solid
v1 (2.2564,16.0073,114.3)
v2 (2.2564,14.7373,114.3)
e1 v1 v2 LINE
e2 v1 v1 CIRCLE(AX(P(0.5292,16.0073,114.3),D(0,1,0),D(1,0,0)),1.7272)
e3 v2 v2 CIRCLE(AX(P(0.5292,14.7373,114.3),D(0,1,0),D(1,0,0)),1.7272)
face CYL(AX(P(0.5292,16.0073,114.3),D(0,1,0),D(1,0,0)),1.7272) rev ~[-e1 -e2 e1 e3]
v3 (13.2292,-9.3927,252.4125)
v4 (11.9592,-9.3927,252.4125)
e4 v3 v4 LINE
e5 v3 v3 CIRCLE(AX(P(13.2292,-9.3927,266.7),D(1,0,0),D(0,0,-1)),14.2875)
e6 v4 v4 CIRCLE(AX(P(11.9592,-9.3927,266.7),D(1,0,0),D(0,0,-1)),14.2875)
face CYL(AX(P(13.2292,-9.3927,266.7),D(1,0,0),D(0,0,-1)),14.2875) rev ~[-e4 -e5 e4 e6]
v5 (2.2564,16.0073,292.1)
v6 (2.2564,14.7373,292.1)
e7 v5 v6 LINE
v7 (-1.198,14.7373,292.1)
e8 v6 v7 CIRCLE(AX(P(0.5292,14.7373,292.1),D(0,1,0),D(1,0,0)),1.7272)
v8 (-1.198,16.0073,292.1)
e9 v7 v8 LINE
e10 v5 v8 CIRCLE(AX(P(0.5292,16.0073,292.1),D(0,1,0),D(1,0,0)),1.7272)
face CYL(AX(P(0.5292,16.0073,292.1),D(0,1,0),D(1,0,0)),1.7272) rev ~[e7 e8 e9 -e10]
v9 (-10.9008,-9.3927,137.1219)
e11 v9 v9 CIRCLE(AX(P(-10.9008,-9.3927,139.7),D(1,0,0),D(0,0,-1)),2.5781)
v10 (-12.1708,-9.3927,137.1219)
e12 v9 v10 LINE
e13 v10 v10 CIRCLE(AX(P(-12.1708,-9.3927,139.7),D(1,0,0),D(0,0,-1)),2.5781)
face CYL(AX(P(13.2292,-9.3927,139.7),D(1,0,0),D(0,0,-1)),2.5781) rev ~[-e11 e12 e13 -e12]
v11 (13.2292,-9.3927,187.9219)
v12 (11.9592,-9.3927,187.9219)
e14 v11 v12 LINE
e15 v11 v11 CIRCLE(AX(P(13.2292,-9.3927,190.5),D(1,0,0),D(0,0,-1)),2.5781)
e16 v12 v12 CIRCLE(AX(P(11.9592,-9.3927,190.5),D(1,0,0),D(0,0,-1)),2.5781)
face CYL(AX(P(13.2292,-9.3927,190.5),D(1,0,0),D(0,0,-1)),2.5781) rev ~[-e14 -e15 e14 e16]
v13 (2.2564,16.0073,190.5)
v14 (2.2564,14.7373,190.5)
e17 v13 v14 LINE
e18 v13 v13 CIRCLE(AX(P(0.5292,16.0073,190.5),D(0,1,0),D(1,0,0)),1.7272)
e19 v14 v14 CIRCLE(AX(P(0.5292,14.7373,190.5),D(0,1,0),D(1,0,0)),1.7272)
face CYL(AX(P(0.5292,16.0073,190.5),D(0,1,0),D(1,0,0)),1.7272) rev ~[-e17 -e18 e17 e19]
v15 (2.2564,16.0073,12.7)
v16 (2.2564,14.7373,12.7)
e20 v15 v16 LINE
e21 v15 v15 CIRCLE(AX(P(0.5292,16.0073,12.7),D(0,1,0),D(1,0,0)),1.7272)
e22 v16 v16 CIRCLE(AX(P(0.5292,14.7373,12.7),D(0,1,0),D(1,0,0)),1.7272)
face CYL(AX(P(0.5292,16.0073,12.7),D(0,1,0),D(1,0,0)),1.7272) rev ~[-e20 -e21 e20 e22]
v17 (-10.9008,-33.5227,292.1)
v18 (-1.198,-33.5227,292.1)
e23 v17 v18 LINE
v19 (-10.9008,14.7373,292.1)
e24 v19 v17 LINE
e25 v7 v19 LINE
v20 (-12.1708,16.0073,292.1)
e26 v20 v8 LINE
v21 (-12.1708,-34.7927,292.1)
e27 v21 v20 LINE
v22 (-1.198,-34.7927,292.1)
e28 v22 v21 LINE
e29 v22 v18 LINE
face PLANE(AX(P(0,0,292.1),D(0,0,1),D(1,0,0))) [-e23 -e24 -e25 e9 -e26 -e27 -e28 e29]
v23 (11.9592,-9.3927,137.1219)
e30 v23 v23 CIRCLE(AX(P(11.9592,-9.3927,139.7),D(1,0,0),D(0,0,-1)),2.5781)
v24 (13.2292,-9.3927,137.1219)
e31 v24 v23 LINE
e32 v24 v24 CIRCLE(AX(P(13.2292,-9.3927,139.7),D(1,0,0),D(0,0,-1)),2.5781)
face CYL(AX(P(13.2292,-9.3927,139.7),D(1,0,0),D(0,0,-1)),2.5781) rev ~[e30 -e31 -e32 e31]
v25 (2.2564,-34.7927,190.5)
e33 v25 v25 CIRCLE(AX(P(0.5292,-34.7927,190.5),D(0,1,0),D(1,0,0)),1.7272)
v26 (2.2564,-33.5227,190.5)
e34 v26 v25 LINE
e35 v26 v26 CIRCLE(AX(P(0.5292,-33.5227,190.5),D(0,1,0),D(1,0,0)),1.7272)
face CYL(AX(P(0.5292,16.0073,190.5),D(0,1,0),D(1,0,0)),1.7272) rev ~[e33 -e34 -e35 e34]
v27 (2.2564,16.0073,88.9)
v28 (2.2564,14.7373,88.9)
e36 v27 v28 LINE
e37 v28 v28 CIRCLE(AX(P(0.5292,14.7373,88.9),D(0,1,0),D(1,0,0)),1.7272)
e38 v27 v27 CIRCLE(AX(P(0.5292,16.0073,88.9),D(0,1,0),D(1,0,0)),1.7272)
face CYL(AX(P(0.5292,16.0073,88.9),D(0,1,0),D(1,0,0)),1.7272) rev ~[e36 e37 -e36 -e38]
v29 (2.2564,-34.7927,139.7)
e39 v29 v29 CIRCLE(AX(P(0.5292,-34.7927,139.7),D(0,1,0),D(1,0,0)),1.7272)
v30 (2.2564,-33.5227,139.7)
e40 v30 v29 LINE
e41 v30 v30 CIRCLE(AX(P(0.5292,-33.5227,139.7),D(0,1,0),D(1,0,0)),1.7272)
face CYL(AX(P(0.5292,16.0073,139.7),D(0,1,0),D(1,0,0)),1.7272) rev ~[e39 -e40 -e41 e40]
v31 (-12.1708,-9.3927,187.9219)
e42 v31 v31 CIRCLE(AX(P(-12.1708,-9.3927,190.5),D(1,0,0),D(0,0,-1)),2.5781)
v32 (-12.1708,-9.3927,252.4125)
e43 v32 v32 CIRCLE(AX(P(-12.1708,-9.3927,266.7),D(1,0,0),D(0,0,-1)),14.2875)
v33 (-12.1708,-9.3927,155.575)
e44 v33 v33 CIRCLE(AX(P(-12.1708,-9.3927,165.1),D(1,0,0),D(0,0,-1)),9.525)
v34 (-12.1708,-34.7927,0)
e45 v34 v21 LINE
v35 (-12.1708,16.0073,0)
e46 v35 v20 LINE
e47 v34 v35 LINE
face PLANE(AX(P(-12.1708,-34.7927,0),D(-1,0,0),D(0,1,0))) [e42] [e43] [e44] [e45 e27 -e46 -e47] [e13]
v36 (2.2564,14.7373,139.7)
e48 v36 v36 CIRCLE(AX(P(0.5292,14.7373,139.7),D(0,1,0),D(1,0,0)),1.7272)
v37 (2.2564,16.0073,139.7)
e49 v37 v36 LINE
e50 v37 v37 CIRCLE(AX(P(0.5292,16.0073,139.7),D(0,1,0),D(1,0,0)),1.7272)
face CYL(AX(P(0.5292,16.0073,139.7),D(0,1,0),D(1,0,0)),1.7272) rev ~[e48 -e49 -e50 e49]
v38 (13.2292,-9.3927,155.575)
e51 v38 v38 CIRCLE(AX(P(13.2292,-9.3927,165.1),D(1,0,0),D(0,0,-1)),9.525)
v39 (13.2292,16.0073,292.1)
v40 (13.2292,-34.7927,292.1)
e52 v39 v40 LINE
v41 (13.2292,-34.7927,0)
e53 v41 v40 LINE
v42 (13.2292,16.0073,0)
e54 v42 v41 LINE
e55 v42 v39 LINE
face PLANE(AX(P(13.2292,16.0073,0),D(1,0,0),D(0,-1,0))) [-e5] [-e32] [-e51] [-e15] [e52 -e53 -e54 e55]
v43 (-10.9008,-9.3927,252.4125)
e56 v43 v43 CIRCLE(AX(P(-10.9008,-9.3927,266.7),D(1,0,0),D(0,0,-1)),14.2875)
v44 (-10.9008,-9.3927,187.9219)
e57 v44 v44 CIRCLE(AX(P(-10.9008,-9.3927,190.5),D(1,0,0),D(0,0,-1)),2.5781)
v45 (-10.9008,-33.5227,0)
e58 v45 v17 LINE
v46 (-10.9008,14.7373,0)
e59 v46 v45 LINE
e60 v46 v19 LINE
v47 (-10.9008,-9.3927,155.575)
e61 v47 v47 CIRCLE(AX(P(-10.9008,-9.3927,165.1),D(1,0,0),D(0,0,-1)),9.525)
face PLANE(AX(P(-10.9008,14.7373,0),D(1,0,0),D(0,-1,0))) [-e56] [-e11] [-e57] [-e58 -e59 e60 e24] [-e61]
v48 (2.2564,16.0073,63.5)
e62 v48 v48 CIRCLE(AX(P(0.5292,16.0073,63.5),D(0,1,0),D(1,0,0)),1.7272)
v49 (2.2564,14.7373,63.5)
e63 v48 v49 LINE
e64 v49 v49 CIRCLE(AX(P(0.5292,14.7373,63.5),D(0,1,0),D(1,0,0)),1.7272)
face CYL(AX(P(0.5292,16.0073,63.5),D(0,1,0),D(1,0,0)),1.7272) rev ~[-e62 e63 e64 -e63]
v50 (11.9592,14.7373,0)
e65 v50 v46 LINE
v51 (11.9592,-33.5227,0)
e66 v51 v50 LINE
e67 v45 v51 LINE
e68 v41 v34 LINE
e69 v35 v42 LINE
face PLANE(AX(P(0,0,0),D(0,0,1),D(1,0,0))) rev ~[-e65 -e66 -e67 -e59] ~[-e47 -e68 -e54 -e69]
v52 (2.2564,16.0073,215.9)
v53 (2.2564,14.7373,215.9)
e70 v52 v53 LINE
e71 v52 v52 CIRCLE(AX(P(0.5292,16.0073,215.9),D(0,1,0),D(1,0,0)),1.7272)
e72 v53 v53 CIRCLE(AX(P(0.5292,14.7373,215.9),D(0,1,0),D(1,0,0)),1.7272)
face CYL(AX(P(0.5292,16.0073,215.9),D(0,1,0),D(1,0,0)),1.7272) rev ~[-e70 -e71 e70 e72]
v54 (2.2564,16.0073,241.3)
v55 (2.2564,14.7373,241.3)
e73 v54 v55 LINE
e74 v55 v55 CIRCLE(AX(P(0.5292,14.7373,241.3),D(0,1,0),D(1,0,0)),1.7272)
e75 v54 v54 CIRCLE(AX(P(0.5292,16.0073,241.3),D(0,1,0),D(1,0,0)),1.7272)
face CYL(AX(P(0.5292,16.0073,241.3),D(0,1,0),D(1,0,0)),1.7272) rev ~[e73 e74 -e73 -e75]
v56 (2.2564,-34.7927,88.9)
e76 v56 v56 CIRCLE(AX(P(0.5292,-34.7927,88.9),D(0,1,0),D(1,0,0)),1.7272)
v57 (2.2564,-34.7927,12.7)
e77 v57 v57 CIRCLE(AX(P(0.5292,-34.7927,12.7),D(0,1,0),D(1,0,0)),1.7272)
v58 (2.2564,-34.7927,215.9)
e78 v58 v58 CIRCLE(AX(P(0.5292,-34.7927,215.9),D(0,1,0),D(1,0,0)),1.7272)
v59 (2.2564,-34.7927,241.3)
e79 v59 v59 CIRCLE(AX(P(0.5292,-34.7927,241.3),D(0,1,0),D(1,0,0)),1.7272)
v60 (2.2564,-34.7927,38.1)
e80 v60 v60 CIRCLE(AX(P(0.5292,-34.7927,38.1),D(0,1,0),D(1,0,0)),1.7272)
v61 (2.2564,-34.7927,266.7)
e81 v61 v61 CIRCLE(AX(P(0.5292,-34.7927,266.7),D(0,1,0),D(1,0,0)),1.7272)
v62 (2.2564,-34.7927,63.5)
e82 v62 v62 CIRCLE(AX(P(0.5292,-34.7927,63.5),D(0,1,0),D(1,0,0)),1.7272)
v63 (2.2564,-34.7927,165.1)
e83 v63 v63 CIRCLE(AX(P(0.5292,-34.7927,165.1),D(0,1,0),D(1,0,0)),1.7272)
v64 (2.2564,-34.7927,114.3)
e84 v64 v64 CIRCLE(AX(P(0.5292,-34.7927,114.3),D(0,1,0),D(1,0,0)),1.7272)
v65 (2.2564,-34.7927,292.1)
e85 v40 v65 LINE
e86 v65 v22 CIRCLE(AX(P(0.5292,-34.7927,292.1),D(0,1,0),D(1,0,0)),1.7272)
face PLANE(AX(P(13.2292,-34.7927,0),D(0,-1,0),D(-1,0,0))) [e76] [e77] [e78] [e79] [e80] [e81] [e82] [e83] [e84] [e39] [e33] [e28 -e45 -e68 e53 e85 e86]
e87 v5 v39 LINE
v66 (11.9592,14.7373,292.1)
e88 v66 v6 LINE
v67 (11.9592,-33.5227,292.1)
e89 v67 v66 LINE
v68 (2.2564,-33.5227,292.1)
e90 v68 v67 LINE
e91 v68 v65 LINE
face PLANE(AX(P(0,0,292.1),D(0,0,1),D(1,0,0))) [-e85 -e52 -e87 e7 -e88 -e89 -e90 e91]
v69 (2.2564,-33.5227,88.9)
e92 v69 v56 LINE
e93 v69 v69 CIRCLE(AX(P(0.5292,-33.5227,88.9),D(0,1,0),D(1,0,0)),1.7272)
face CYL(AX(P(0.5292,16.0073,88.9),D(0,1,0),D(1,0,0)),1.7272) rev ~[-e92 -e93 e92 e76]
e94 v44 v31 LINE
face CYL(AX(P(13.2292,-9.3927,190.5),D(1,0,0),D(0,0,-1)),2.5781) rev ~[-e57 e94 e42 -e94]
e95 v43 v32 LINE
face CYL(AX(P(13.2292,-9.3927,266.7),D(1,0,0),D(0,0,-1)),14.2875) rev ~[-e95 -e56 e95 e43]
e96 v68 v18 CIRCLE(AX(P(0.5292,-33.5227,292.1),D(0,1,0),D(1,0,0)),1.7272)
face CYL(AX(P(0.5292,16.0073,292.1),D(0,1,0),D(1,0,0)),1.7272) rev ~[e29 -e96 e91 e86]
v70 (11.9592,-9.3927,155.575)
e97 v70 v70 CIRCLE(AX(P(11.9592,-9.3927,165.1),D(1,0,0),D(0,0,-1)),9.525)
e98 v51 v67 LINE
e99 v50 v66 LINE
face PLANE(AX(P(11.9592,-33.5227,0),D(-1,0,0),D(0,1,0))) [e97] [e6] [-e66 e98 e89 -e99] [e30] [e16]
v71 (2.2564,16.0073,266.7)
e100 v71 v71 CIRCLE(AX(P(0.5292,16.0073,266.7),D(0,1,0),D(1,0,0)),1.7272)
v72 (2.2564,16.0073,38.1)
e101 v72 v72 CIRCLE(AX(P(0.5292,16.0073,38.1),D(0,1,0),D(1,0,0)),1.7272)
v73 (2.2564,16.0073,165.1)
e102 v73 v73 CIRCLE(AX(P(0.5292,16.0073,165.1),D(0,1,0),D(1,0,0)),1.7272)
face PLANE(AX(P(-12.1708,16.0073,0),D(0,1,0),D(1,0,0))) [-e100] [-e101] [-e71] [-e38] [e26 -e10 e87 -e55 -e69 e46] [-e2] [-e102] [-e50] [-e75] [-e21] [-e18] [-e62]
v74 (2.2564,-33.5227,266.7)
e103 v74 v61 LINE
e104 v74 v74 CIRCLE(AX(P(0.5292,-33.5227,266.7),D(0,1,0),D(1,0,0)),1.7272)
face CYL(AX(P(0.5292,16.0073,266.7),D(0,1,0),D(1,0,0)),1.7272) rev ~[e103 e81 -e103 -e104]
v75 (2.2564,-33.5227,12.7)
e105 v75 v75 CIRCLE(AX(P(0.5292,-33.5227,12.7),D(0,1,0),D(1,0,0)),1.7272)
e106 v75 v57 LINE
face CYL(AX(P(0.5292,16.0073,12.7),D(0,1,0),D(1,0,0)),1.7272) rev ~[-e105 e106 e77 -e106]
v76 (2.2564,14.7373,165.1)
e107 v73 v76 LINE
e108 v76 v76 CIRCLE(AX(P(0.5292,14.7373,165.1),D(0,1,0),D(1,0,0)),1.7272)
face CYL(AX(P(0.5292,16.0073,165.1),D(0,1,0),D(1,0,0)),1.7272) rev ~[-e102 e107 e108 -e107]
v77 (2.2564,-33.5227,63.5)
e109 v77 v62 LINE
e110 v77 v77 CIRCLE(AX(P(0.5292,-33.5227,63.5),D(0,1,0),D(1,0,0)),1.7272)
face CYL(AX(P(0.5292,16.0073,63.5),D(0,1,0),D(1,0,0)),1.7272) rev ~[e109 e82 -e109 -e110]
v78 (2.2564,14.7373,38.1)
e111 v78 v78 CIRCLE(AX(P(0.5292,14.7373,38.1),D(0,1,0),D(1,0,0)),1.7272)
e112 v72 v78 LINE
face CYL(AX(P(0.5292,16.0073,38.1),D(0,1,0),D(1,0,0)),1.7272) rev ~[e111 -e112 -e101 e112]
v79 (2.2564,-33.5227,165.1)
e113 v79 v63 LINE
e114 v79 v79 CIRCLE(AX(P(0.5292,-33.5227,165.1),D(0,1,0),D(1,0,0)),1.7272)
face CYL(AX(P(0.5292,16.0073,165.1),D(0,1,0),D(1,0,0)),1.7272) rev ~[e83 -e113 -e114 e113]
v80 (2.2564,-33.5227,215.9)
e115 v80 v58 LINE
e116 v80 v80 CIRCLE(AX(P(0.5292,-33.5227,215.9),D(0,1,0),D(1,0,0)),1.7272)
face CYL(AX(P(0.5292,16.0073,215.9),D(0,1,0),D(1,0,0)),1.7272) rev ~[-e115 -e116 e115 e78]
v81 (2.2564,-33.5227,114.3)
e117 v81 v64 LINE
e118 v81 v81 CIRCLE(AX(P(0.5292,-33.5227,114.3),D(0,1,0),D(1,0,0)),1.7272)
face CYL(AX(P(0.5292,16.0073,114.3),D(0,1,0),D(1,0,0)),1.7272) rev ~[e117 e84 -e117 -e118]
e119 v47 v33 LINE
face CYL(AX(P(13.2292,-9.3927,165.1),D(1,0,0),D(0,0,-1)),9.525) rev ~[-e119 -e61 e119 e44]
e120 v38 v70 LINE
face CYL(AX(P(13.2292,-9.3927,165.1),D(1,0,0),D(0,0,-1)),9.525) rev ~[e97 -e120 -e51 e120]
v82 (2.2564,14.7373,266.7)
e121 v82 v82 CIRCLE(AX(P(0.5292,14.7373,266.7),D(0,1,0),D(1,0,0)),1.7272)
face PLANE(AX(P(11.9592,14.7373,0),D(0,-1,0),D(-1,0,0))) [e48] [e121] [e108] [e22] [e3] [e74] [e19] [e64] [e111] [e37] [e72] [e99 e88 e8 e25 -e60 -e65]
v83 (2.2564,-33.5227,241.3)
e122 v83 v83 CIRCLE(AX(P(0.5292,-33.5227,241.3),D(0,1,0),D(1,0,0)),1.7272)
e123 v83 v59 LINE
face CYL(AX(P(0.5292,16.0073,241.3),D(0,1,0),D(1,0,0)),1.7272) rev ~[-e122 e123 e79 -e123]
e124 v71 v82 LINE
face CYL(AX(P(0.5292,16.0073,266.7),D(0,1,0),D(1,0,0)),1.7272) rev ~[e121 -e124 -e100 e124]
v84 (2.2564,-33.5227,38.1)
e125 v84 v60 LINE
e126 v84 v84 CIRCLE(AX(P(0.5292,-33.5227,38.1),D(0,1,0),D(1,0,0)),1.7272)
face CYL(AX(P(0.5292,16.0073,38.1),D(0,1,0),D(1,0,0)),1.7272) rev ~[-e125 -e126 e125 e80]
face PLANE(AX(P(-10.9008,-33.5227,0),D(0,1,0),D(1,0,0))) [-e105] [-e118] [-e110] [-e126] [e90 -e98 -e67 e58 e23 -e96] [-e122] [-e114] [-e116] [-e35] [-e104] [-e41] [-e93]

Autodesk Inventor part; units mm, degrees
ref_plane "YZ Plane" through (0, 0, 0) normal (1, 0, 0) x (0, 1, 0)
ref_plane "XZ Plane" through (0, 0, 0) normal (0, 1, 0) x (-1, 0, 0)
ref_plane "XY Plane" through (0, 0, 0) normal (0, 0, 1) x (1, 0, 0)
sketch "Sketch1" plane through (0, 0, 0) normal (0, 0, 1) x (1, 0, 0)
  line L0 (-12.1708, 16.0073) -> (13.2292, 16.0073)
  line L1 (13.2292, 16.0073) -> (13.2292, -34.7927)
  line L2 (13.2292, -34.7927) -> (-12.1708, -34.7927)
  line L3 (-12.1708, -34.7927) -> (-12.1708, 16.0073)
  line L4 (11.9592, 14.7373) -> (-10.9008, 14.7373)
  line L5 (-10.9008, 14.7373) -> (-10.9008, -33.5227)
  line L6 (-10.9008, -33.5227) -> (11.9592, -33.5227)
  line L7 (11.9592, -33.5227) -> (11.9592, 14.7373)
  point P0 (0, 0)
  dimension "d0" = 25.4
  dimension "d1" = 50.8
  dimension "d2" = 1.27
extrude "Extrusion1" add sketch "Sketch1" along normal blind 292.1
sketch "Sketch2" plane through (-12.1708, 16.0073, 0) normal (0, 1, 0) x (1, 0, 0)
  circle A0 centre (12.7, -12.7) radius 1.7272
  line L0 (25.4, 0) -> (0, 0) projected
  line L1 (0, 0) -> (0, -292.1) projected
  point P0 (12.1708, 0)
  dimension "d5" = 3.4544
  dimension "d6" = 12.7
  dimension "d7" = 12.7
extrude "Extrusion2" cut sketch "Sketch2" against normal through all
pattern_linear "Rectangular Pattern1" count 12 spacing 25.4 along (0, 0, 1) of "Extrusion2"
sketch "Sketch4" plane through (13.2292, -34.7927, 0) normal (1, 0, 0) x (0, 0, -1)
  circle A0 centre (-266.7, 25.4) radius 14.2875
  line L0 (0, 0) -> (0, 50.8) projected
  line L1 (0, 50.8) -> (-292.1, 50.8) projected
  point P0 (0, 34.7927)
  dimension "d21" = 266.7
  dimension "d22" = 25.4
  dimension "d23" = 28.575
extrude "Extrusion4" cut sketch "Sketch4" against normal through all
sketch "Sketch5" plane through (13.2292, -34.7927, 0) normal (1, 0, 0) x (0, 0, -1)
  circle A0 centre (-165.1, 25.4) radius 25.4 construction
  circle A1 centre (-165.1, 25.4) radius 9.525
  circle A2 centre (-190.5, 25.4) radius 2.5781
  circle A3 centre (-139.7, 25.4) radius 2.5781
  line L0 (0, 0) -> (0, 50.8) projected
  line L1 (0, 50.8) -> (-292.1, 50.8) projected
  line L2 (-190.5, 25.4) -> (-139.7, 25.4) construction
  point P0 (0, 34.7927)
  dimension "d26" = 165.1
  dimension "d27" = 19.05
  dimension "d28" = 25.4
  dimension "d29" = 50.8
  dimension "d30" = 5.1562
extrude "Extrusion5" cut sketch "Sketch5" against normal through all
equation "\"d3\" = d13"
equation "\"d10\" = d14"
equation "\"d31\" = d27"
equation "\"d13\" = 292.1"
equation "\"d14\" = 11.5"
properties part number "VerseFrame 10.5in Uptake support"
